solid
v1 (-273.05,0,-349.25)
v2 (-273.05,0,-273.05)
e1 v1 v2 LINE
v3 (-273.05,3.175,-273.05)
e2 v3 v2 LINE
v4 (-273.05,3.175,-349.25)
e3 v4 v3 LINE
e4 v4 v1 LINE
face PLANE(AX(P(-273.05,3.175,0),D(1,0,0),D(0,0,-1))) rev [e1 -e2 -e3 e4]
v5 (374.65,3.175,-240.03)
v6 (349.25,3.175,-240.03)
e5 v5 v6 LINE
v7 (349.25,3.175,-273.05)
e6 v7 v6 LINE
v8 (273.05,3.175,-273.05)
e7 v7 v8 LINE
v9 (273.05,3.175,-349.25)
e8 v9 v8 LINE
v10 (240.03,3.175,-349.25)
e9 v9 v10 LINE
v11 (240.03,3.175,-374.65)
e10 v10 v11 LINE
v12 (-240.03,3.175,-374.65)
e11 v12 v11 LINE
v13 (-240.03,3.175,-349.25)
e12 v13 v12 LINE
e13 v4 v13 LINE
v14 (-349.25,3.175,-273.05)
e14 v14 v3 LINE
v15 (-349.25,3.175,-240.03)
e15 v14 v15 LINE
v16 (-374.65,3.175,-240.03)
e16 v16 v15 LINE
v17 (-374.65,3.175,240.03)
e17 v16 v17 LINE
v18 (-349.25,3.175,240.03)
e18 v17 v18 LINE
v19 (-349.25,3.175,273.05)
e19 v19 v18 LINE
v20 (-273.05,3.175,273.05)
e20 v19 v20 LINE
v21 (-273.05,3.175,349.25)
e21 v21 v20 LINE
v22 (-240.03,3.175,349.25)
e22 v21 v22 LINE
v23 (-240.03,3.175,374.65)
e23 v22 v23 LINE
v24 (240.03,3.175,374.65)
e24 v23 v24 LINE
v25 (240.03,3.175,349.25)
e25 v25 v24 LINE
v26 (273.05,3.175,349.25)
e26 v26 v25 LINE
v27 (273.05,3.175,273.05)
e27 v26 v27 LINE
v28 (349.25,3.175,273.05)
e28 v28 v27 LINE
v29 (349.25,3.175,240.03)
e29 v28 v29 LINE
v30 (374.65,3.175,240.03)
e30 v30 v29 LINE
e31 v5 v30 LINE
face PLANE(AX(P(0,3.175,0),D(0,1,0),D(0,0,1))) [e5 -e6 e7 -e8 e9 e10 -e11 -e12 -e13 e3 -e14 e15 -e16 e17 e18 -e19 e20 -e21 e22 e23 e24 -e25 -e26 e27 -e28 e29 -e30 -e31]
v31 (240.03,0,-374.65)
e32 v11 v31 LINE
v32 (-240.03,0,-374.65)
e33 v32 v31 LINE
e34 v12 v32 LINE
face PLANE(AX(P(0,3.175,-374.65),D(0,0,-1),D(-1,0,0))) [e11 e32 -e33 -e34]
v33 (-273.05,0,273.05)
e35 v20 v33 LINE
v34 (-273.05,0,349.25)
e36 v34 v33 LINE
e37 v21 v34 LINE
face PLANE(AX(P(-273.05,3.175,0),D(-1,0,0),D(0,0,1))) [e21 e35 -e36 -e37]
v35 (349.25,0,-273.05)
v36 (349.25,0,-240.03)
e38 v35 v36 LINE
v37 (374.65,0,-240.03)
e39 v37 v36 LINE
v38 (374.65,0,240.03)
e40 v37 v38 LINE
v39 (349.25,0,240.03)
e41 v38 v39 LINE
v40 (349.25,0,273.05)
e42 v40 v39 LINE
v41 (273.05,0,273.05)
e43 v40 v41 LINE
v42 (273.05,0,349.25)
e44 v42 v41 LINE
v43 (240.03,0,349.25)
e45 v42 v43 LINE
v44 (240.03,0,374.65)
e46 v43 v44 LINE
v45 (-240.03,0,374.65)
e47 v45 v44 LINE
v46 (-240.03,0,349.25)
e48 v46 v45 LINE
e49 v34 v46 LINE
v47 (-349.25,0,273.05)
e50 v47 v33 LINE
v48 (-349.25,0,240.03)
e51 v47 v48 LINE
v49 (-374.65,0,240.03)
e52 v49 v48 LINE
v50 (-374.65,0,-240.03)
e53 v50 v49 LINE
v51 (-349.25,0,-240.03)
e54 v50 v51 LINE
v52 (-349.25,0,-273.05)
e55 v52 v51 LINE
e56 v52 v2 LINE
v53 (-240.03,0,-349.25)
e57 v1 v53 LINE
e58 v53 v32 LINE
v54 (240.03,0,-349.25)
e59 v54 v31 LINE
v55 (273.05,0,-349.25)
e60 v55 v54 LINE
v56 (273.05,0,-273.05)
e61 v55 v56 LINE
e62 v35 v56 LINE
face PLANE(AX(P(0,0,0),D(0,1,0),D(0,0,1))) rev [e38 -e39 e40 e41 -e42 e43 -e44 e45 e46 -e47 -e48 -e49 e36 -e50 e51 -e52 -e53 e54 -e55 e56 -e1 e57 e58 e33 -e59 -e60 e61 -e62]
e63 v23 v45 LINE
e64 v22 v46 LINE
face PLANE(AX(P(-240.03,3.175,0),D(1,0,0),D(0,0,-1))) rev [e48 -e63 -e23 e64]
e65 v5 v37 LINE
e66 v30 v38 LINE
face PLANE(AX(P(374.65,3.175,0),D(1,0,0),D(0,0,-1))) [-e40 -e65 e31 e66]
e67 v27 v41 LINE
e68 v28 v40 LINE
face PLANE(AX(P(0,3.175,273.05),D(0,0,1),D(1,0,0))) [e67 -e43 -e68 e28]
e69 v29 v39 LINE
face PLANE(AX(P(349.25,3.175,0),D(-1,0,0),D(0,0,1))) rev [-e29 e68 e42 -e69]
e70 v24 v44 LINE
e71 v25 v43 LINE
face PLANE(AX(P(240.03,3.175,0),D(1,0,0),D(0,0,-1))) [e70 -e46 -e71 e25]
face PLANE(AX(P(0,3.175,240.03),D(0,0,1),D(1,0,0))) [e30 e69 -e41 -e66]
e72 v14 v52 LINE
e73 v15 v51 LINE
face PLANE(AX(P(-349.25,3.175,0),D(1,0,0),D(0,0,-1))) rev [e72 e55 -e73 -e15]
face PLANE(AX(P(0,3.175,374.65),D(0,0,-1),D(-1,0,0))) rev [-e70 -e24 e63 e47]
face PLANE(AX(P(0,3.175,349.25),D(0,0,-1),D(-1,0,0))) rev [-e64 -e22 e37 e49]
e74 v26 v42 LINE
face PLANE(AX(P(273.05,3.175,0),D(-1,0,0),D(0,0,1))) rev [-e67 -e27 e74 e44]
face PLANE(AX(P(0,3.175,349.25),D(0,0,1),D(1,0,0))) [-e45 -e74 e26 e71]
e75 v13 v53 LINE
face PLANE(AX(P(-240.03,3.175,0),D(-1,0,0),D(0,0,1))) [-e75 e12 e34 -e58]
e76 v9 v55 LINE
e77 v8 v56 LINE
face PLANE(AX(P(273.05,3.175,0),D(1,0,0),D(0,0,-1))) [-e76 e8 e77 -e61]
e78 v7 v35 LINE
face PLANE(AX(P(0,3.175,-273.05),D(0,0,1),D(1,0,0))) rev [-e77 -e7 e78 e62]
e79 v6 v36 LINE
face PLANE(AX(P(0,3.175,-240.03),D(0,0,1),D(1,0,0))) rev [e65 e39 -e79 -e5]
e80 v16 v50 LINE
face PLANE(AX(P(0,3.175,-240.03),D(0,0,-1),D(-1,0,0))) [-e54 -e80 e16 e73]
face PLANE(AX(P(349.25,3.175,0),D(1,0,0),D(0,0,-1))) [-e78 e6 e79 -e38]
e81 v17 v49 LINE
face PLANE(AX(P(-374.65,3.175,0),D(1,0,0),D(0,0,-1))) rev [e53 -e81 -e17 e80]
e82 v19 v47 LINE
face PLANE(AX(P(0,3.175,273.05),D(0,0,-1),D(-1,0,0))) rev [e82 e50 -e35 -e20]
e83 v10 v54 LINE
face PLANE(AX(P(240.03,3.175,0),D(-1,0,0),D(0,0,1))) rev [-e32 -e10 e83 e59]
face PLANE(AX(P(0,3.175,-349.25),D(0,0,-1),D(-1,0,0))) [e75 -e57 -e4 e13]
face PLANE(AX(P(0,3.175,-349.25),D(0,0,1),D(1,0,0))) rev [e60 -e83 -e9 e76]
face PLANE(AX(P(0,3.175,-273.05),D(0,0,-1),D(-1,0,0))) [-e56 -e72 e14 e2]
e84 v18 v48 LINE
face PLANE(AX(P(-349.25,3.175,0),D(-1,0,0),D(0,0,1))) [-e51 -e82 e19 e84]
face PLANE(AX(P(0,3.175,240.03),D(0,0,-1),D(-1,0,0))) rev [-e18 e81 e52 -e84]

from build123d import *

# Parameters (mm, degrees)
BOSS_EXTRUDE1_DEPTH = 3.175


with BuildPart() as part:
    # Sketch1 → Boss-Extrude1 (new body)
    with BuildSketch(Plane(origin=(0, 0, 0), x_dir=(1, 0, 0), z_dir=(0, 1, 0))):
        Polygon((240.03, 374.65), (-240.03, 374.65), (-240.03, 349.25), (-273.05, 349.25), (-273.05, 273.05), (-349.25, 273.05), (-349.25, 240.03), (-374.65, 240.03), (-374.65, -240.03), (-349.25, -240.03), (-349.25, -273.05), (-273.05, -273.05), (-273.05, -349.25), (-240.03, -349.25), (-240.03, -374.65), (240.03, -374.65), (240.03, -349.25), (273.05, -349.25), (273.05, -273.05), (349.25, -273.05), (349.25, -240.03), (374.65, -240.03), (374.65, 240.03), (349.25, 240.03), (349.25, 273.05), (273.05, 273.05), (273.05, 349.25), (240.03, 349.25), align=None)
    extrude(amount=BOSS_EXTRUDE1_DEPTH)


solid = part.part
